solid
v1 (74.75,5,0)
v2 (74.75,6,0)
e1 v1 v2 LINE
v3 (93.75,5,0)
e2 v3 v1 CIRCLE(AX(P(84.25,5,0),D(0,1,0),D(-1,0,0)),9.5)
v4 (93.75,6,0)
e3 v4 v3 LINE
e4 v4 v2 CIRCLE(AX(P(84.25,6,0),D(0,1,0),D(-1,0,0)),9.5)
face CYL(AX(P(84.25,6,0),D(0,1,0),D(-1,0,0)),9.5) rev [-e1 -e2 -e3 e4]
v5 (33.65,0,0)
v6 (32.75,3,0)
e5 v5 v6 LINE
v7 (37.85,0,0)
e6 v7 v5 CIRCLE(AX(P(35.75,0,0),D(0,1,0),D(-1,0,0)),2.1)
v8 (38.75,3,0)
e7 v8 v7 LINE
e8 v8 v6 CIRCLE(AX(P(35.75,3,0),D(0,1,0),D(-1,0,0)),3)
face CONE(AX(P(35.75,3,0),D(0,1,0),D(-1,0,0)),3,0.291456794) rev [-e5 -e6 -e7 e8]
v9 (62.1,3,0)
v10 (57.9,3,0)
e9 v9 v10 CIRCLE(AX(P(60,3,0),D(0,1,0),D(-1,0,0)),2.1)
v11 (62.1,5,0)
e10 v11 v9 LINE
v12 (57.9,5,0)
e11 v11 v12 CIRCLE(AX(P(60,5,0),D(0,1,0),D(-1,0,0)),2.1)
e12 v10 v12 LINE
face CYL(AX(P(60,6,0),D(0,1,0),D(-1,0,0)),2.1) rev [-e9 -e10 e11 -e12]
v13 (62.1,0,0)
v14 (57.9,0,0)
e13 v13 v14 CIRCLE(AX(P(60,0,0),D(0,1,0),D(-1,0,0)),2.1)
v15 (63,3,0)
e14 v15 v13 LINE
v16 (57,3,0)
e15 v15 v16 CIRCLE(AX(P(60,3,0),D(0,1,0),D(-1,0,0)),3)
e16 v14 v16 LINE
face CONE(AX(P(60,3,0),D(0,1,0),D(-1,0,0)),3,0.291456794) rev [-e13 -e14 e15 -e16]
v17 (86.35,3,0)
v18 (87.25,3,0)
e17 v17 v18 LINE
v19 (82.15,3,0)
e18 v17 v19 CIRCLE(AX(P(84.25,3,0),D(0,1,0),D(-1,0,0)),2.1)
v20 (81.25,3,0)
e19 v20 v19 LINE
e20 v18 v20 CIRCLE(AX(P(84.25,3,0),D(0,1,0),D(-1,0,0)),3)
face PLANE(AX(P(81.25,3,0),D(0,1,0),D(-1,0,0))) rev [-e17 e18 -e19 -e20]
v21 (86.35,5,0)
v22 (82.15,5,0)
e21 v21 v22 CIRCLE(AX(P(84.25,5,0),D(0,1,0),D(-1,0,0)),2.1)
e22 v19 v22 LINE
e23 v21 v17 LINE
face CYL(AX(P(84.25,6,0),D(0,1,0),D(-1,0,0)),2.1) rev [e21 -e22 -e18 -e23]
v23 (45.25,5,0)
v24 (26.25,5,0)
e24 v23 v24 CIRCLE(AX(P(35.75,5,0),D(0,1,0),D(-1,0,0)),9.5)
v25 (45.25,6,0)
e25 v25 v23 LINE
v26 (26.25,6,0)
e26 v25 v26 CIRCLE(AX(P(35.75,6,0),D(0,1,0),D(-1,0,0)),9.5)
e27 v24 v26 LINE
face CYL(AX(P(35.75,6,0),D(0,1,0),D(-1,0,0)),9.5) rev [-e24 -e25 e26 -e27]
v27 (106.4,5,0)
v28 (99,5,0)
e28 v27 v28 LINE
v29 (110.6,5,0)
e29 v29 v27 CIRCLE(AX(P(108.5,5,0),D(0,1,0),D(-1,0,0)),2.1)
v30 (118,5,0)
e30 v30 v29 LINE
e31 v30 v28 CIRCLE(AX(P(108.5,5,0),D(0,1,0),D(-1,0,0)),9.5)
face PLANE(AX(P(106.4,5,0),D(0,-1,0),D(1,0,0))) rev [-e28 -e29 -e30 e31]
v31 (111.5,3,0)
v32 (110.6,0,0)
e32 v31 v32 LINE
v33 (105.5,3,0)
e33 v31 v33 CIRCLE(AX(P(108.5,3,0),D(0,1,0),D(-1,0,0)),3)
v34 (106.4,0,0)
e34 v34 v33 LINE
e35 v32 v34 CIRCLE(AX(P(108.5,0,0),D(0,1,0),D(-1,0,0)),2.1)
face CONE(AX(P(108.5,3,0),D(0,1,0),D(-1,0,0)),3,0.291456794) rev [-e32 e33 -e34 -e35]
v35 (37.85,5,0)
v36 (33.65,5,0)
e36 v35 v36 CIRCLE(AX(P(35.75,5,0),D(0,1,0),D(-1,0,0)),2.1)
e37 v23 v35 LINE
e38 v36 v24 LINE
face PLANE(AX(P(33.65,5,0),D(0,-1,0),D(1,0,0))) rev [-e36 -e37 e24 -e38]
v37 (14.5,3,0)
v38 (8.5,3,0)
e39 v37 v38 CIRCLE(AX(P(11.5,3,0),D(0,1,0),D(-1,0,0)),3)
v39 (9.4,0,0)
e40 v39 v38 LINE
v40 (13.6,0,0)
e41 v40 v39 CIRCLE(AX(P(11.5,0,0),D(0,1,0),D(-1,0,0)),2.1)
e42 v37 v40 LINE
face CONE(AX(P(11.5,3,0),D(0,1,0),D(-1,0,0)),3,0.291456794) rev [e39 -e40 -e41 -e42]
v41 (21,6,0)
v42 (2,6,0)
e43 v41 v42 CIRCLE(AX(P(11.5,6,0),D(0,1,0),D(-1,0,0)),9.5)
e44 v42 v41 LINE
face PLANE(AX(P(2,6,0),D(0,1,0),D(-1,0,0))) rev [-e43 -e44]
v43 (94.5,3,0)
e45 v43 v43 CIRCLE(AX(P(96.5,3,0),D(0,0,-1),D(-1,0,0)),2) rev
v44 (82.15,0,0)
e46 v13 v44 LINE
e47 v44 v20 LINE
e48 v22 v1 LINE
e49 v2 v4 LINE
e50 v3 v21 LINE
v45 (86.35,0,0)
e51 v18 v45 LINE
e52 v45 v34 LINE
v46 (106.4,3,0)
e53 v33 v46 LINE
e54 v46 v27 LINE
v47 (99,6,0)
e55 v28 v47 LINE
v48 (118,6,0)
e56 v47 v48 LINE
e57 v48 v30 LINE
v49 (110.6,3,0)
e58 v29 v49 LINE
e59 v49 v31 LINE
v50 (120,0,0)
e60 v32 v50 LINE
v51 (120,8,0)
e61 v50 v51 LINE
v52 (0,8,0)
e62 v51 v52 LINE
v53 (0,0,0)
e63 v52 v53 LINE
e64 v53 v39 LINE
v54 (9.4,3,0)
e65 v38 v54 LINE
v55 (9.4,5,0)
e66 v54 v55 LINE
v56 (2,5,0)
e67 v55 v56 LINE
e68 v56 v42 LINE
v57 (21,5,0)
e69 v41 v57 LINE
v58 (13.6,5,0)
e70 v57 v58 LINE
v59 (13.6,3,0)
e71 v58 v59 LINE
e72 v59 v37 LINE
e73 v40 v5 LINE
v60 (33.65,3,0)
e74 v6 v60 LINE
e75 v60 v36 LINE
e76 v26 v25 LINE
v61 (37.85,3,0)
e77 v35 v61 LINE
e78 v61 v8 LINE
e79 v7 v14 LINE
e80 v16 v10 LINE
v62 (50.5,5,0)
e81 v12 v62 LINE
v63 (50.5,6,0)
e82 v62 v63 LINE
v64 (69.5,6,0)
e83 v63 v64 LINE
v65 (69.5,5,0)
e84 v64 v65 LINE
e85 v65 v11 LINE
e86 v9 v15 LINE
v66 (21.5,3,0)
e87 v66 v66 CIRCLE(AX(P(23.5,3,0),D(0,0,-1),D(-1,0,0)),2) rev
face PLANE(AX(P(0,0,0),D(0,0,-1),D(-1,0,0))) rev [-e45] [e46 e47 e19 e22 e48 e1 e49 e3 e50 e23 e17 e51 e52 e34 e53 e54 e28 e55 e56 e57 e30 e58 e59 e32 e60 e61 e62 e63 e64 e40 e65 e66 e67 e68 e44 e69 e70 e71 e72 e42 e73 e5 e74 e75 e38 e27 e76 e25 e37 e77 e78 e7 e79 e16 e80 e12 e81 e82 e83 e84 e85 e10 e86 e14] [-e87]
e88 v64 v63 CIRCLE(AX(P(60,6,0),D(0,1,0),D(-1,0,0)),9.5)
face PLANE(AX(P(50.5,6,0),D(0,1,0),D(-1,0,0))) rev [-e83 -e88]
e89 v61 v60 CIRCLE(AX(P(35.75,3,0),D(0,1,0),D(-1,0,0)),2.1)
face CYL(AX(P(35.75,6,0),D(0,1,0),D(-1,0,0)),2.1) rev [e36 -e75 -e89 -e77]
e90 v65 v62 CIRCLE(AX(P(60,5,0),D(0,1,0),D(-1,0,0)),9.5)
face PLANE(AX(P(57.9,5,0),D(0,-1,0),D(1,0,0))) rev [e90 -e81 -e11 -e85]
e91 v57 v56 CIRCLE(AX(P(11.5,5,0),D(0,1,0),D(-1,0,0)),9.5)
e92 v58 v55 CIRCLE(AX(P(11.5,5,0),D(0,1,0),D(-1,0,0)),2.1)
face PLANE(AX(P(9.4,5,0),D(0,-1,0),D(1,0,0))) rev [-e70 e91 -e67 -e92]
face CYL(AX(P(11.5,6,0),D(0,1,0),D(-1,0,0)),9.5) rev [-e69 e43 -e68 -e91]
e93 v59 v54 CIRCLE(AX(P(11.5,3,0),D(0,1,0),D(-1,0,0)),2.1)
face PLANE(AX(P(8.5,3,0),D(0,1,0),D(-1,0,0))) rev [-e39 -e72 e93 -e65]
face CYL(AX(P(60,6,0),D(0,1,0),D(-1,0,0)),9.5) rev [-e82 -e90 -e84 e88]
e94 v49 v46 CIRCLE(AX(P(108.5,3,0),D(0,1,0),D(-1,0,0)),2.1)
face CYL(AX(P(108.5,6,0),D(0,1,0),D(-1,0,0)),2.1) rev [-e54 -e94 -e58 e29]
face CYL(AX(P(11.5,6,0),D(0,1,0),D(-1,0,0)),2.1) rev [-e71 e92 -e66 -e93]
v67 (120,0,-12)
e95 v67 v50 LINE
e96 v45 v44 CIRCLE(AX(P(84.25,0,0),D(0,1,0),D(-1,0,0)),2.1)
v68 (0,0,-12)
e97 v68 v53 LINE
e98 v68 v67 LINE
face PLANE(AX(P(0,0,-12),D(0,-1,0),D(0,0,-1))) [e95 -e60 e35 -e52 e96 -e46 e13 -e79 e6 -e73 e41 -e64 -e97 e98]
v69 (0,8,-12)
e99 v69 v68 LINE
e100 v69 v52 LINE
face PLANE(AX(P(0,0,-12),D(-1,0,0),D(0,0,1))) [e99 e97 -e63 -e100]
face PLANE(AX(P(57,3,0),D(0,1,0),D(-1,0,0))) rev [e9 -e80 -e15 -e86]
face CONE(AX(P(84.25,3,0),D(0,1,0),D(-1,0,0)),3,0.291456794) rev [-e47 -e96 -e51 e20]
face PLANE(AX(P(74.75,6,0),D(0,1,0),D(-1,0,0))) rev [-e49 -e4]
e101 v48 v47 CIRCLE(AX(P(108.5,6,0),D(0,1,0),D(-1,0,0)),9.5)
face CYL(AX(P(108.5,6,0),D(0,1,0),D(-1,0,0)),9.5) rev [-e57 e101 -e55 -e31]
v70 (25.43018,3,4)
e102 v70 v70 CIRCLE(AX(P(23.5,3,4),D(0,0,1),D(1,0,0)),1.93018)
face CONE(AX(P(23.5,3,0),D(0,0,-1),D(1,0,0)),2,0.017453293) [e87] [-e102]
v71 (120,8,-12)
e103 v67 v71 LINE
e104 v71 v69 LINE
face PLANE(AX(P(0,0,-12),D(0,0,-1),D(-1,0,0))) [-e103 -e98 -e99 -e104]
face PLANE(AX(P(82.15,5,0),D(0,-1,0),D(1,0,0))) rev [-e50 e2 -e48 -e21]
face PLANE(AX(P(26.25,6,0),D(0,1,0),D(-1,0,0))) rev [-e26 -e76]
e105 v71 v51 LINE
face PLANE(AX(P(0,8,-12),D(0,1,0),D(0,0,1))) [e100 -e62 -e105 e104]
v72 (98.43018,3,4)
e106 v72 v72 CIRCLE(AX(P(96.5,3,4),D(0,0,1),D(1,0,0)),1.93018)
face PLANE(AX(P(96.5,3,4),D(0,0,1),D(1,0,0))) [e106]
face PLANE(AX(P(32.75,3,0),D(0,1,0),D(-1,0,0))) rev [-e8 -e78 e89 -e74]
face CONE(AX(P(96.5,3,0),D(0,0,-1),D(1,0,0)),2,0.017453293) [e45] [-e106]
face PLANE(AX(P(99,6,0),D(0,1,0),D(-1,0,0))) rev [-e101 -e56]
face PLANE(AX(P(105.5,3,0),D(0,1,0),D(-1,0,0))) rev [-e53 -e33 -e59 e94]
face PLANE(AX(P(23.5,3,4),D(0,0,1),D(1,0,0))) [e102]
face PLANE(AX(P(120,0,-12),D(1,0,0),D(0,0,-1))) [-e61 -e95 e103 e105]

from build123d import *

# Parameters (mm, degrees)
SKETCH2_W                     = 120
SKETCH2_H                     = 8
BOSS_EXTRUDE1_DEPTH           = 12
LPATTERN1_COUNT               = 5
LPATTERN1_PITCH               = 24.25
SKETCH4_R                     = 2
BOSS_EXTRUDE2_DEPTH           = 4
BOSS_EXTRUDE2_DRAFT           = 1
BOSS_EXTRUDE2_PROFILE_2_DEPTH = 4
BOSS_EXTRUDE2_PROFILE_2_DRAFT = 1


with BuildPart() as part:
    # Sketch2 → Boss-Extrude1 (new body)
    with BuildSketch(Plane.XY):
        with Locations((60, 4)):
            Rectangle(SKETCH2_W, SKETCH2_H)
    extrude(amount=-BOSS_EXTRUDE1_DEPTH)

    # Sketch3 → Cut-Revolve1 (revolve, cut)
    with BuildSketch(Plane.XY):
        Polygon((8.5, 3), (9.4, 3), (9.4, 5), (2, 5), (2, 6), (11.5, 6), (11.5, 0), (9.4, 0), align=None)
    cut_revolve1 = revolve(axis=Axis((11.5, 6, 0), (0, -1, 0)), mode=Mode.SUBTRACT)

    # LPattern1: Cut-Revolve1 ×5
    with Locations(*[(i * LPATTERN1_PITCH, 0, 0) for i in range(1, LPATTERN1_COUNT)]):
        add(cut_revolve1, mode=Mode.SUBTRACT)


with BuildPart() as boss_extrude2_tool:
    # Sketch4 → Boss-Extrude2 (with draft: the straight prism first)
    with BuildSketch(Plane.XY):
        with Locations((23.5, 3)):
            Circle(SKETCH4_R)
    extrude(amount=BOSS_EXTRUDE2_DEPTH)
    # Boss-Extrude2: the draft: its side faces are tilted about the plane it starts from
    boss_extrude2_sides = [boss_extrude2_tool.faces().sort_by_distance(p)[0] for p in [
        (21.5, 3, 2),
    ]]
    draft(boss_extrude2_sides, Plane.XY, BOSS_EXTRUDE2_DRAFT)


with BuildPart() as part_1:
    add(part.part)

    # Boss-Extrude2: add boss_extrude2_tool
    add(boss_extrude2_tool.part)


with BuildPart() as boss_extrude2_profile_2_tool:
    # Sketch4 → Boss-Extrude2 profile 2 (with draft: the straight prism first)
    with BuildSketch(Plane.XY):
        with Locations((96.5, 3)):
            Circle(SKETCH4_R)
    extrude(amount=BOSS_EXTRUDE2_PROFILE_2_DEPTH)
    # Boss-Extrude2 profile 2: the draft: its side faces are tilted about the plane it starts from
    boss_extrude2_profile_2_sides = [boss_extrude2_profile_2_tool.faces().sort_by_distance(p)[0] for p in [
        (94.5, 3, 2),
    ]]
    draft(boss_extrude2_profile_2_sides, Plane.XY, BOSS_EXTRUDE2_PROFILE_2_DRAFT)


with BuildPart() as part_2:
    add(part_1.part)

    # Boss-Extrude2 profile 2: add boss_extrude2_profile_2_tool
    add(boss_extrude2_profile_2_tool.part)


solid = part_2.part
